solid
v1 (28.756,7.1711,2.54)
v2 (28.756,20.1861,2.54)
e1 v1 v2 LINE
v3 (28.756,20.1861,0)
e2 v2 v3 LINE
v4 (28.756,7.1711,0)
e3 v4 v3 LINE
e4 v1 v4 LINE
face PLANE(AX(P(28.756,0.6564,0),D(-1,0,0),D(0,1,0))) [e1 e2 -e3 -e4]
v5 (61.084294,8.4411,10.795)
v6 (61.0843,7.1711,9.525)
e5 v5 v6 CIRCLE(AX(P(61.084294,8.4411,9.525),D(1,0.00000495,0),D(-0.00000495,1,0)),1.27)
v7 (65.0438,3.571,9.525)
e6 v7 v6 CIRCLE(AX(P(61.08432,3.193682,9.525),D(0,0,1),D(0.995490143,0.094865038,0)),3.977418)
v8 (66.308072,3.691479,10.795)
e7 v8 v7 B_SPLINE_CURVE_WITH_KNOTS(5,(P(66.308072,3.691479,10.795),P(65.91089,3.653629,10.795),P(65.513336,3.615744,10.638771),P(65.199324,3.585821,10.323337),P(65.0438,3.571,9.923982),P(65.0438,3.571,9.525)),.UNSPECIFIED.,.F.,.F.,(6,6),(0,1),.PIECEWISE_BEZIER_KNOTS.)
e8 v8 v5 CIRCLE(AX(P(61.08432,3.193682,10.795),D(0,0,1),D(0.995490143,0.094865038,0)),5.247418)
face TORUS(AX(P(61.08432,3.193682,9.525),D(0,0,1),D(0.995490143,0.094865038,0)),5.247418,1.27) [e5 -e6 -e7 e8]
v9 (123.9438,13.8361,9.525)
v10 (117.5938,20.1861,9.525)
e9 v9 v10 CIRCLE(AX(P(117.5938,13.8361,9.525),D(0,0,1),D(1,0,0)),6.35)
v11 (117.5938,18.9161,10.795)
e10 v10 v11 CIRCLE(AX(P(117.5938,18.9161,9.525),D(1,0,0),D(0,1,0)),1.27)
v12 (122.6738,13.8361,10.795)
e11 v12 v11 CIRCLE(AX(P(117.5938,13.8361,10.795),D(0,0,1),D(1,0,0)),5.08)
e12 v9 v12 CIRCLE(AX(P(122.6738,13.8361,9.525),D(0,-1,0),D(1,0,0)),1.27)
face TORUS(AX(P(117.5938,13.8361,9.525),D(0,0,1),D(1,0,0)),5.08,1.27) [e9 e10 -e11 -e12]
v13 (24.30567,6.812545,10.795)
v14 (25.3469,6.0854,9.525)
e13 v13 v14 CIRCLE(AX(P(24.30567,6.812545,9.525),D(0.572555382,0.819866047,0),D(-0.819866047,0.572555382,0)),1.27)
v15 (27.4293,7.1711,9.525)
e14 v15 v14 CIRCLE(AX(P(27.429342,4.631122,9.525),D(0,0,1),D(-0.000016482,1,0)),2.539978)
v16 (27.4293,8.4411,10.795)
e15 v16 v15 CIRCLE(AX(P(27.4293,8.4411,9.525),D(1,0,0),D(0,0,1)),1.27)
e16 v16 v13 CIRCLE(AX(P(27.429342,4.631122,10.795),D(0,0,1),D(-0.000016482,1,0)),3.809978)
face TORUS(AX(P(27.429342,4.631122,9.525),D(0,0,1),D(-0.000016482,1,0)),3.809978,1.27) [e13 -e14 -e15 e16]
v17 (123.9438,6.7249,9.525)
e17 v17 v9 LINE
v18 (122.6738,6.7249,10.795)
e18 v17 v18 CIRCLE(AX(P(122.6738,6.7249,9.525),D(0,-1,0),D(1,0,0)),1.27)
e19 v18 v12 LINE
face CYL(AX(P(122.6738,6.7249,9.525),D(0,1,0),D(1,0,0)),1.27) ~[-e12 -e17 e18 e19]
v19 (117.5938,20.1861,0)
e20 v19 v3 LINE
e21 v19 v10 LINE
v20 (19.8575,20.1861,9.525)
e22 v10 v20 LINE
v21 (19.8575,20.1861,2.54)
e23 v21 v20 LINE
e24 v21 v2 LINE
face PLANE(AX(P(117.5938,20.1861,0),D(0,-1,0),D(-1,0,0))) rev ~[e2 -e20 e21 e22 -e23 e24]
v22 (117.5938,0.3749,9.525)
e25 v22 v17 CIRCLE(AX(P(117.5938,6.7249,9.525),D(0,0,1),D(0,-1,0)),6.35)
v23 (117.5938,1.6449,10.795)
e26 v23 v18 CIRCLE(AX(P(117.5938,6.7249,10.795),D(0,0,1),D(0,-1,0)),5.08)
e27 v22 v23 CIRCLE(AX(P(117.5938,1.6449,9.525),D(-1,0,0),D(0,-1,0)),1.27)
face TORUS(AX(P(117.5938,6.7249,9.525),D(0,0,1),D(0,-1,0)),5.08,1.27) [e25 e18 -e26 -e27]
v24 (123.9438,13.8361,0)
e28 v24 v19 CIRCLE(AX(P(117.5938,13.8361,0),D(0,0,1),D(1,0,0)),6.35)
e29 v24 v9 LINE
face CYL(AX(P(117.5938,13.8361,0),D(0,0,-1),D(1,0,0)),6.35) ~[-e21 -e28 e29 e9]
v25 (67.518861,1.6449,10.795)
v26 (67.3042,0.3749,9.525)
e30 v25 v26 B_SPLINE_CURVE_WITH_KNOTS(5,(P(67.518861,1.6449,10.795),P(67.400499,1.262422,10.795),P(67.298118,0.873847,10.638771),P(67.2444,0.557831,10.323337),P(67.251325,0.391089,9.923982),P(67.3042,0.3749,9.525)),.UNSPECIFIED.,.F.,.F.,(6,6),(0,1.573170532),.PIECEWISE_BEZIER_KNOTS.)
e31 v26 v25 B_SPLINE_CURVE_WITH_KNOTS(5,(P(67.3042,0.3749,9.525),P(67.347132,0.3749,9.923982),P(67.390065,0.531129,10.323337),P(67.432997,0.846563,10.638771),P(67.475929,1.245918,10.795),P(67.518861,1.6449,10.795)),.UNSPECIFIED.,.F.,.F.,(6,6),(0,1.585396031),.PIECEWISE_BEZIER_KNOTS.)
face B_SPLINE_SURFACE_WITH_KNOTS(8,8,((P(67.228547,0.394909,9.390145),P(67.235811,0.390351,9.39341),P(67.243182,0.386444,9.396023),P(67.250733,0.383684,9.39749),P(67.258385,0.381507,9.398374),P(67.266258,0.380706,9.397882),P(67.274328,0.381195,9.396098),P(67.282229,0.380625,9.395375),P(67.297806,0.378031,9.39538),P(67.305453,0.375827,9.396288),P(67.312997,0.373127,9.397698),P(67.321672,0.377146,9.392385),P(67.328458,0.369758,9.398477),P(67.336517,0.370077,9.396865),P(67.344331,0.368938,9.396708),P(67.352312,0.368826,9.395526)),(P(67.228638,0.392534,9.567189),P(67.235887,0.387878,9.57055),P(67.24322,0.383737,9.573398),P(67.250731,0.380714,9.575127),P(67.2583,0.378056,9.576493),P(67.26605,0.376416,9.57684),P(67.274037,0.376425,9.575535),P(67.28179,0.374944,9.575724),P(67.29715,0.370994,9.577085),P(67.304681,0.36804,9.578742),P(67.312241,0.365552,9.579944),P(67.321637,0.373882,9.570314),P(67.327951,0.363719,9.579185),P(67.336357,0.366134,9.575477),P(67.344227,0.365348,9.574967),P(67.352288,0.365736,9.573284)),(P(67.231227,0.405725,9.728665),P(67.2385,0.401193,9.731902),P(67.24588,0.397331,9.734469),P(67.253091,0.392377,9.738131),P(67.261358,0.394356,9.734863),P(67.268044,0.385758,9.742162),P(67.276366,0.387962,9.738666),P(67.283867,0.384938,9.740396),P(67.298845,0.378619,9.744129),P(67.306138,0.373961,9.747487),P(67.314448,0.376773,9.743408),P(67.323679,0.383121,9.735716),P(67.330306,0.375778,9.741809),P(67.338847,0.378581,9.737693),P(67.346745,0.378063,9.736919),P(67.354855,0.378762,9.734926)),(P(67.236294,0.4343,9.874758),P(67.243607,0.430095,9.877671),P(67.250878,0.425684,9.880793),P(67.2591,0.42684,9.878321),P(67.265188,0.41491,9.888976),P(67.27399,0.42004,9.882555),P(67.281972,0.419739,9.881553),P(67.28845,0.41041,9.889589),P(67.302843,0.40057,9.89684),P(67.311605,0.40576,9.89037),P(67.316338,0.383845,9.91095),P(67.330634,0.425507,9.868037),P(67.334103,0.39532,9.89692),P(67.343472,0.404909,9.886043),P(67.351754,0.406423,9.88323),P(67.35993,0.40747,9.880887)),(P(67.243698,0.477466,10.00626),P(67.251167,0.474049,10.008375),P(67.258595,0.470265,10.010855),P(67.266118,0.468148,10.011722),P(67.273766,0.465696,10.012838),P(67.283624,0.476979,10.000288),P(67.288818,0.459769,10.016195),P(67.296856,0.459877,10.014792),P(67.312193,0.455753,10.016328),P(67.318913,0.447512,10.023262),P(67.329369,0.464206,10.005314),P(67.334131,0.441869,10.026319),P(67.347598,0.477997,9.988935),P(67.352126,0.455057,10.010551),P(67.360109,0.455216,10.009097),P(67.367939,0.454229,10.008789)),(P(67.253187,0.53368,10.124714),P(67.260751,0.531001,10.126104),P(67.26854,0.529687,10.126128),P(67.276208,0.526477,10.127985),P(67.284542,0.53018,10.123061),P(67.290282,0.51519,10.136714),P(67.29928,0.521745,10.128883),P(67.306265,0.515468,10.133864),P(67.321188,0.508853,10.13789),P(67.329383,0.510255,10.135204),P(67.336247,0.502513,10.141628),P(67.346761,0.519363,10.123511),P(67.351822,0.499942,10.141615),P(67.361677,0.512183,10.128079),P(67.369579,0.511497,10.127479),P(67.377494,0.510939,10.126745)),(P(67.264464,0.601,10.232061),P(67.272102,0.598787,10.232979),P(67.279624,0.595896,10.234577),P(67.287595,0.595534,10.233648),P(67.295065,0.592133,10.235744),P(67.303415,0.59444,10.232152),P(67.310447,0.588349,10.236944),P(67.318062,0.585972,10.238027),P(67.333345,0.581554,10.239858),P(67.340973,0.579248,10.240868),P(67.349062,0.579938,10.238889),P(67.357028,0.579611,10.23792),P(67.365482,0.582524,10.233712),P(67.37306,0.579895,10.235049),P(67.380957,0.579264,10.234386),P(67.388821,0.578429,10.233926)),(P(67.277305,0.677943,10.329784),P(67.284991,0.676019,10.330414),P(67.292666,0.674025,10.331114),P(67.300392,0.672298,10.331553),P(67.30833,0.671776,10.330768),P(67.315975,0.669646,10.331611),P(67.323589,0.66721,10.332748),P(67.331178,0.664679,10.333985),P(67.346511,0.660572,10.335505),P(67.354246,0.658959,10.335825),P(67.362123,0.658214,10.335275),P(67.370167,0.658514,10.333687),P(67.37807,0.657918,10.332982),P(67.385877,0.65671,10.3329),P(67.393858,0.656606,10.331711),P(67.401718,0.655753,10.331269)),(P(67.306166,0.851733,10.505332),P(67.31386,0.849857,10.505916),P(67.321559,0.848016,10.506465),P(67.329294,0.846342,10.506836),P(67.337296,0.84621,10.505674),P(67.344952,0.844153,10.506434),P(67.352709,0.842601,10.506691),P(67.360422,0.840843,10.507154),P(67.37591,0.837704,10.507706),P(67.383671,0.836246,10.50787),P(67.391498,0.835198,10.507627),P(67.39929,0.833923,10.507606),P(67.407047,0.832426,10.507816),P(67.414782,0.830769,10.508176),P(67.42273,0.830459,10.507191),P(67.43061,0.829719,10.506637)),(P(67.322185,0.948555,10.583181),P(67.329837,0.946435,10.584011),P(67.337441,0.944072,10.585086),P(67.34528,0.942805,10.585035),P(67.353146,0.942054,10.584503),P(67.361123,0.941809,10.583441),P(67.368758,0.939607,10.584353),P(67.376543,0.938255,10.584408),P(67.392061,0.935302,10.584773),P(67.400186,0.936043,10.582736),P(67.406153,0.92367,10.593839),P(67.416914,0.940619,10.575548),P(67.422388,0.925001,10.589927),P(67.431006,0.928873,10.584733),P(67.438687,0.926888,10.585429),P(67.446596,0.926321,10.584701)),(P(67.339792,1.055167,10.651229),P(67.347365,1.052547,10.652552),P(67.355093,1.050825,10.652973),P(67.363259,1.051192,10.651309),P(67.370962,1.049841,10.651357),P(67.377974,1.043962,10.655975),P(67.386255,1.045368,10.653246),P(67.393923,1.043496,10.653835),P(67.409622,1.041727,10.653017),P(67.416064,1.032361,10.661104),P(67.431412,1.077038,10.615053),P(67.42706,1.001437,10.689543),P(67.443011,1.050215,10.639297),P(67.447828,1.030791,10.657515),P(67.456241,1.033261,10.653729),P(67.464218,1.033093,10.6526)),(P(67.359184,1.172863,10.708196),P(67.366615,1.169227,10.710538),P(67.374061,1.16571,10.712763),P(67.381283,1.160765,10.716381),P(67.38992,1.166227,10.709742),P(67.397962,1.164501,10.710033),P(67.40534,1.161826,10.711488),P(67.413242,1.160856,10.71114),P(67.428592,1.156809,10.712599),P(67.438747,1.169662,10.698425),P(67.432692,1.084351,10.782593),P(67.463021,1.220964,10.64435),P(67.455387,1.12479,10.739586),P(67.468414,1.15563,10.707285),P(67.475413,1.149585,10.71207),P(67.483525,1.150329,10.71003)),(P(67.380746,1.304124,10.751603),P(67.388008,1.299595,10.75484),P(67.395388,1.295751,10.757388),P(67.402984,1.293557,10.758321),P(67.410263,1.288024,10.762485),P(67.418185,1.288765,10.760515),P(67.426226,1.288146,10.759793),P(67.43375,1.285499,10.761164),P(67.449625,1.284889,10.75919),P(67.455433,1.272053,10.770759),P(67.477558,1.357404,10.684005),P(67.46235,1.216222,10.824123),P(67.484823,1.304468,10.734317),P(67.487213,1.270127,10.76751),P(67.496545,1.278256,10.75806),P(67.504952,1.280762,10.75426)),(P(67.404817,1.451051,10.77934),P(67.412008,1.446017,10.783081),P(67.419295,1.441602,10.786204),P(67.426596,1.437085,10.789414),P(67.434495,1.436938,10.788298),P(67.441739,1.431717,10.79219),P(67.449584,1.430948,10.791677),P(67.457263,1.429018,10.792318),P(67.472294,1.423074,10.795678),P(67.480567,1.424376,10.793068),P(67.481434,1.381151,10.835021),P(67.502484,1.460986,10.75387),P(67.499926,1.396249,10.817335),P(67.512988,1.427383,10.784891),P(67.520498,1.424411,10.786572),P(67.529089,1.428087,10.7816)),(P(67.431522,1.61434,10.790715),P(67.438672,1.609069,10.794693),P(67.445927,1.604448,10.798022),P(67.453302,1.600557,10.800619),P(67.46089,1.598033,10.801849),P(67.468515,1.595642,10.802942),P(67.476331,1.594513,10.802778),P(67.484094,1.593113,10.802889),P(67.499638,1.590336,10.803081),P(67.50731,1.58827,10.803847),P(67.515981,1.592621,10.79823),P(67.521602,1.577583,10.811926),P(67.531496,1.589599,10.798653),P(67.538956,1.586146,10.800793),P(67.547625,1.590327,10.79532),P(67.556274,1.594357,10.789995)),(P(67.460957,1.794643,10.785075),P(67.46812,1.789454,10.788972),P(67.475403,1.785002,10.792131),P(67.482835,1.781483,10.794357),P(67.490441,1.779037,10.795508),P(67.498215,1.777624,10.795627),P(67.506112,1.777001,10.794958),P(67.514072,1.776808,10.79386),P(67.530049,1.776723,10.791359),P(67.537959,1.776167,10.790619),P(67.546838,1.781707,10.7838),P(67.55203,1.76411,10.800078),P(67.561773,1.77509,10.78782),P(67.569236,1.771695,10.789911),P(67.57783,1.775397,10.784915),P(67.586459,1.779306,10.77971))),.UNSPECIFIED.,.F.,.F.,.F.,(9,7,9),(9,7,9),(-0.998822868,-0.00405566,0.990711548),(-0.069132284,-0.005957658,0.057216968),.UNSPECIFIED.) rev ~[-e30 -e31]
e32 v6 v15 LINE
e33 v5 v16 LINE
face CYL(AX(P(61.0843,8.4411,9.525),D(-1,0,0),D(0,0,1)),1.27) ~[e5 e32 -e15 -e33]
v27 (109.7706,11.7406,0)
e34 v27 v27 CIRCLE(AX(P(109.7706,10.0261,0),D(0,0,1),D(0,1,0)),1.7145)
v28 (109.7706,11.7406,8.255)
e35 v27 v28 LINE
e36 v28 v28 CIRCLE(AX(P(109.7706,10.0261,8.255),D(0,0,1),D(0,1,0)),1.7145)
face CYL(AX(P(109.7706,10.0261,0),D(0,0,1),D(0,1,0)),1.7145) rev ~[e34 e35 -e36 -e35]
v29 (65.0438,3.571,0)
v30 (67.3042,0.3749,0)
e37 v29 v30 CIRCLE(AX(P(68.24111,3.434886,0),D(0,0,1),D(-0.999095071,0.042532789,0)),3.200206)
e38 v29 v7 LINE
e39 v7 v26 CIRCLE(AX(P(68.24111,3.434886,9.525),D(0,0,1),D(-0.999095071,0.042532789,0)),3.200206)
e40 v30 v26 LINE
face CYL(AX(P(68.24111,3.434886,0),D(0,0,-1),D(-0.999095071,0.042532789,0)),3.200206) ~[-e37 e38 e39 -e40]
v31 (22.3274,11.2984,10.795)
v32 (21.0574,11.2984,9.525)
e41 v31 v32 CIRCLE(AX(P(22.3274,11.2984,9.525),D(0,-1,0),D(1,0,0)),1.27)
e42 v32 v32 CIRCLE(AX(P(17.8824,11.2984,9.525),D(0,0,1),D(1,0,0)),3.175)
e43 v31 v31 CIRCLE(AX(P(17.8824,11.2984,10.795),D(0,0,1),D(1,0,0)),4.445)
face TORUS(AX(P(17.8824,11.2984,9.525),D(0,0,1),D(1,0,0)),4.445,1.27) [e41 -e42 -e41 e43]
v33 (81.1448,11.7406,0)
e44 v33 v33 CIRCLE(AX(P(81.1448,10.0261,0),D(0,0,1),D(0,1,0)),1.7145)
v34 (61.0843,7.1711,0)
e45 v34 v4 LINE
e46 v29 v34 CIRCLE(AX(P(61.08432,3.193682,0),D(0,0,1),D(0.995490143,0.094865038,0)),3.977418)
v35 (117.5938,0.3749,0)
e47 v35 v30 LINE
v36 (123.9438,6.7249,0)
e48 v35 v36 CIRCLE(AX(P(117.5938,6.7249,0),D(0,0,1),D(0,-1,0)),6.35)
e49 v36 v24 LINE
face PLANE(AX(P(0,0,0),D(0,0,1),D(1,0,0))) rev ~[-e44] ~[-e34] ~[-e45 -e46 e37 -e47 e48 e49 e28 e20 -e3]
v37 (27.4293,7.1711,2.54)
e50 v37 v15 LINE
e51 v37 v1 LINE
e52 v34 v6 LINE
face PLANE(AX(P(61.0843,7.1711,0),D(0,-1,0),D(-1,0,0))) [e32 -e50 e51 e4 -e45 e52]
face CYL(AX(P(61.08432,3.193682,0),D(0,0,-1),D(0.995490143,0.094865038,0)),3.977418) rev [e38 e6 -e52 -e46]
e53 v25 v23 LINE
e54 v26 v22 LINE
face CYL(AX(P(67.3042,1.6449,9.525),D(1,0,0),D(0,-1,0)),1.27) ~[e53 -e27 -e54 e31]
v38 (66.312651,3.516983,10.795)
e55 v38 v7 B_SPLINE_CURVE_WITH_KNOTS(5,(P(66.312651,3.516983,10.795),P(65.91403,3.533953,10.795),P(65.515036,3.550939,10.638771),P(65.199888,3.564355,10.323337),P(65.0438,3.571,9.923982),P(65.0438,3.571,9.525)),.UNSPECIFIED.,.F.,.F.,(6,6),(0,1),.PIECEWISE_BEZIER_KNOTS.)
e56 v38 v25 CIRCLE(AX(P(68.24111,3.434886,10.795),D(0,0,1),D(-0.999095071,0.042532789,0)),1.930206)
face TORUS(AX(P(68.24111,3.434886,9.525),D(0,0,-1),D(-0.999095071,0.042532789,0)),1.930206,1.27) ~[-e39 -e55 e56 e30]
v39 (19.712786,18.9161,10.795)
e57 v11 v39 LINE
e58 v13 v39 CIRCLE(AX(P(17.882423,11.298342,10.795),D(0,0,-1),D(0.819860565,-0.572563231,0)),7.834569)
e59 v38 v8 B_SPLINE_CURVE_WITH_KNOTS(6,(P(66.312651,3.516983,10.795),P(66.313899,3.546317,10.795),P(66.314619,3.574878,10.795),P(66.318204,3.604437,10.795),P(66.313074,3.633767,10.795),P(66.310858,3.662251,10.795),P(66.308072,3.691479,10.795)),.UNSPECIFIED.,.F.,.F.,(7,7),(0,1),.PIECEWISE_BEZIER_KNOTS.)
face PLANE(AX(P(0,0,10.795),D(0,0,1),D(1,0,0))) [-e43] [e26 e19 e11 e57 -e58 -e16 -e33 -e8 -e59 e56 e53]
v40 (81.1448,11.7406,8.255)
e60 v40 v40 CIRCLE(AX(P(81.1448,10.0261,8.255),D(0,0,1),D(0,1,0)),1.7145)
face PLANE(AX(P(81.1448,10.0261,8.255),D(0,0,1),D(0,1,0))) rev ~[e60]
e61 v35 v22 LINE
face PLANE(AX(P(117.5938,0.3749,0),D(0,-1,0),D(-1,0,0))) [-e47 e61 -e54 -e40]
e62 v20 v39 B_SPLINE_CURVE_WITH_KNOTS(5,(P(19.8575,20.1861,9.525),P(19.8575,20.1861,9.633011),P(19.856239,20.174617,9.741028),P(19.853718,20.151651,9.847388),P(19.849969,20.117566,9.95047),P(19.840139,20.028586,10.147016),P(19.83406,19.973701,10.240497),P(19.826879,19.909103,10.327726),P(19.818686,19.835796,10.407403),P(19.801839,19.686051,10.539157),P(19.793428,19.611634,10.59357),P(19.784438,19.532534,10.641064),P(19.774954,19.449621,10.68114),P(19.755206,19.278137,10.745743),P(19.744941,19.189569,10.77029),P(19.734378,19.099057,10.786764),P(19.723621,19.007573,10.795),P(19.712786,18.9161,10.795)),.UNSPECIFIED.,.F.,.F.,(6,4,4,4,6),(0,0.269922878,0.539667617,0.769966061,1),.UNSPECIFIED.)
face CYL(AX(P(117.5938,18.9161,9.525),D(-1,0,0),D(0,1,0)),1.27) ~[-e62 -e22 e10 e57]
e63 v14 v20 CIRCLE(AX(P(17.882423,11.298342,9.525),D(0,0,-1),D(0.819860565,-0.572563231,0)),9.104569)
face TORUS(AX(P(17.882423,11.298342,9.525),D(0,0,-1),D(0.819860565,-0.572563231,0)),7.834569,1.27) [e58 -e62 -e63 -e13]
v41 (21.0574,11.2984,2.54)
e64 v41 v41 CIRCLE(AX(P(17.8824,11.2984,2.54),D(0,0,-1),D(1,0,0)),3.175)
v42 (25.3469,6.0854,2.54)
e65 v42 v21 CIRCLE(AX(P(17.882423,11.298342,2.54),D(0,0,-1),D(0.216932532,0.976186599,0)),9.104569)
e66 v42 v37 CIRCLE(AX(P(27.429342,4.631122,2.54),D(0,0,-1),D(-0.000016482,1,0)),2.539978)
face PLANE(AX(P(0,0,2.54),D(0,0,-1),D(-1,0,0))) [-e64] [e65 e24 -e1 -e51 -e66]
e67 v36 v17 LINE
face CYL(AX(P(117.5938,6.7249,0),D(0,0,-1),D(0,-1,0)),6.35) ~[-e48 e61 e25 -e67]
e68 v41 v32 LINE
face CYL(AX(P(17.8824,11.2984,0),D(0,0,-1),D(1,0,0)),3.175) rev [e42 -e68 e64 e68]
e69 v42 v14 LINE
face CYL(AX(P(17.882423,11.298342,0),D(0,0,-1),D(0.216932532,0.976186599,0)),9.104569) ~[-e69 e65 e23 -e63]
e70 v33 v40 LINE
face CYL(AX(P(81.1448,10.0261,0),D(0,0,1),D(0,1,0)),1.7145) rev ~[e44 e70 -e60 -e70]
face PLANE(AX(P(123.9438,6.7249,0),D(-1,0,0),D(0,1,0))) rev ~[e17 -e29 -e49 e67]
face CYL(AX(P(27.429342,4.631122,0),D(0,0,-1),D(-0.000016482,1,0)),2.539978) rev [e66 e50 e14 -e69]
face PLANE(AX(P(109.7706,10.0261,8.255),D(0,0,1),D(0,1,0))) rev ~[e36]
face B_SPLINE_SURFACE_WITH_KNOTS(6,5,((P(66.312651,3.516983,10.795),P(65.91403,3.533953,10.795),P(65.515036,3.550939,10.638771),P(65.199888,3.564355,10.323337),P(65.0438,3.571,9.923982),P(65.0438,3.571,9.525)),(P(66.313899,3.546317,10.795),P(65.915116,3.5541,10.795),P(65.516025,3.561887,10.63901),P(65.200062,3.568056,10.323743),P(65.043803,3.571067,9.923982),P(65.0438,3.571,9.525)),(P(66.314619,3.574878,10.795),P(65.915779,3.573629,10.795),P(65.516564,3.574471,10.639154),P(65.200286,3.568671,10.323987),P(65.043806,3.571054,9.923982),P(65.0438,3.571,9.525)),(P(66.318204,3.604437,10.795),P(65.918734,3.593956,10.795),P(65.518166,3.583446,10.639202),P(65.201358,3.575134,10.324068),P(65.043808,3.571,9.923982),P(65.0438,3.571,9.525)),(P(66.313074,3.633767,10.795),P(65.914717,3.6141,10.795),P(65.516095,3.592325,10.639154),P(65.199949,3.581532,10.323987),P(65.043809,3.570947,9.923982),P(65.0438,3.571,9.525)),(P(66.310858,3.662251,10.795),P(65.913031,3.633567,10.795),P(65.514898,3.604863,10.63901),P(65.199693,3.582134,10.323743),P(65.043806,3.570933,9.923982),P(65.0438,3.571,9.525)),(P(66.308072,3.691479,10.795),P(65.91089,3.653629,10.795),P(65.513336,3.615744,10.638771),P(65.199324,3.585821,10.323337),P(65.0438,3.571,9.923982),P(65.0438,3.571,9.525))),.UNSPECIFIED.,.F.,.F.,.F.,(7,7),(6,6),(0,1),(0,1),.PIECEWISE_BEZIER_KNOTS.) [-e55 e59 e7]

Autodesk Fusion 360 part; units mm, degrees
sketch "Main Body" plane through (0, 0, 0) normal (0, 0, 1) x (1, 0, 0)
  line L0 (123.9438, 6.7249) -> (123.9438, 13.8361)
  arc A0 (117.5938, 0.3749) -> (123.9438, 6.7249) centre (117.5938, 6.7249) ccw
  line L1 (123.9438, 6.7249) -> (64.5078, 6.7249) construction
  line L2 (117.5938, 0.3749) -> (67.3042, 0.3749)
  line L3 (61.0843, 7.1711) -> (27.4293, 7.1711)
  arc A1 (65.0438, 3.571) -> (61.0843, 7.1711) centre (61.0843, 3.1937) ccw
  arc A2 (65.0438, 3.571) -> (67.3042, 0.3749) centre (68.2411, 3.4349) ccw
  circle A3 centre (17.8824, 11.2984) radius 3.175
  line L4 (117.5938, 20.1861) -> (19.8575, 20.1861)
  arc A4 (19.8575, 20.1861) -> (25.3469, 6.0854) centre (17.8824, 11.2984) ccw
  arc A5 (27.4293, 7.1711) -> (25.3469, 6.0854) centre (27.4293, 4.6311) ccw
  arc A6 (123.9438, 13.8361) -> (117.5938, 20.1861) centre (117.5938, 13.8361) ccw
  point P0 (123.9438, 8.0934)
  dimension "d173" = 6.35
  dimension "d175" = 59.436
  dimension "d178" = 6.35
  dimension "d221" = 2.54
  dimension "d223" = 50.2896
  dimension "d229" = 6.35
  dimension "d230" = 33.655
extrude "Extrude2" add sketch "Main Body" along normal blind 10.795
ref_plane "WorkPlane2" through (65.2693, 10.7273, 0) normal (0, 0, -1) x (-1, 0, 0)
sketch "Cut out for Actuator" plane through (0, 0, 0) normal (0, 0, -1) x (-1, 0, 0)
  line L0 (-3.356, 0.6564) -> (-28.756, 0.6564)
  line L1 (-28.756, 0.6564) -> (-28.756, 21.8424)
  line L2 (-28.756, 21.8424) -> (-3.356, 21.8424)
  line L3 (-3.356, 21.8424) -> (-3.356, 0.6564)
  dimension "d205" = 25.4
extrude "Extrude7" cut sketch "Cut out for Actuator" against normal blind 2.54
hole "Hole3" at (109.7706, 10.0261, 0) direction (0, 0, 1) diameter 3.429 depth 8.255 tip angle 180
hole "Hole4" at (81.1448, 10.0261, 0) direction (0, 0, 1) diameter 3.429 depth 8.255 tip angle 180
fillet "Fillet1" radius 1.27 1 faces at (100.8306, 6.9786, 10.795)
